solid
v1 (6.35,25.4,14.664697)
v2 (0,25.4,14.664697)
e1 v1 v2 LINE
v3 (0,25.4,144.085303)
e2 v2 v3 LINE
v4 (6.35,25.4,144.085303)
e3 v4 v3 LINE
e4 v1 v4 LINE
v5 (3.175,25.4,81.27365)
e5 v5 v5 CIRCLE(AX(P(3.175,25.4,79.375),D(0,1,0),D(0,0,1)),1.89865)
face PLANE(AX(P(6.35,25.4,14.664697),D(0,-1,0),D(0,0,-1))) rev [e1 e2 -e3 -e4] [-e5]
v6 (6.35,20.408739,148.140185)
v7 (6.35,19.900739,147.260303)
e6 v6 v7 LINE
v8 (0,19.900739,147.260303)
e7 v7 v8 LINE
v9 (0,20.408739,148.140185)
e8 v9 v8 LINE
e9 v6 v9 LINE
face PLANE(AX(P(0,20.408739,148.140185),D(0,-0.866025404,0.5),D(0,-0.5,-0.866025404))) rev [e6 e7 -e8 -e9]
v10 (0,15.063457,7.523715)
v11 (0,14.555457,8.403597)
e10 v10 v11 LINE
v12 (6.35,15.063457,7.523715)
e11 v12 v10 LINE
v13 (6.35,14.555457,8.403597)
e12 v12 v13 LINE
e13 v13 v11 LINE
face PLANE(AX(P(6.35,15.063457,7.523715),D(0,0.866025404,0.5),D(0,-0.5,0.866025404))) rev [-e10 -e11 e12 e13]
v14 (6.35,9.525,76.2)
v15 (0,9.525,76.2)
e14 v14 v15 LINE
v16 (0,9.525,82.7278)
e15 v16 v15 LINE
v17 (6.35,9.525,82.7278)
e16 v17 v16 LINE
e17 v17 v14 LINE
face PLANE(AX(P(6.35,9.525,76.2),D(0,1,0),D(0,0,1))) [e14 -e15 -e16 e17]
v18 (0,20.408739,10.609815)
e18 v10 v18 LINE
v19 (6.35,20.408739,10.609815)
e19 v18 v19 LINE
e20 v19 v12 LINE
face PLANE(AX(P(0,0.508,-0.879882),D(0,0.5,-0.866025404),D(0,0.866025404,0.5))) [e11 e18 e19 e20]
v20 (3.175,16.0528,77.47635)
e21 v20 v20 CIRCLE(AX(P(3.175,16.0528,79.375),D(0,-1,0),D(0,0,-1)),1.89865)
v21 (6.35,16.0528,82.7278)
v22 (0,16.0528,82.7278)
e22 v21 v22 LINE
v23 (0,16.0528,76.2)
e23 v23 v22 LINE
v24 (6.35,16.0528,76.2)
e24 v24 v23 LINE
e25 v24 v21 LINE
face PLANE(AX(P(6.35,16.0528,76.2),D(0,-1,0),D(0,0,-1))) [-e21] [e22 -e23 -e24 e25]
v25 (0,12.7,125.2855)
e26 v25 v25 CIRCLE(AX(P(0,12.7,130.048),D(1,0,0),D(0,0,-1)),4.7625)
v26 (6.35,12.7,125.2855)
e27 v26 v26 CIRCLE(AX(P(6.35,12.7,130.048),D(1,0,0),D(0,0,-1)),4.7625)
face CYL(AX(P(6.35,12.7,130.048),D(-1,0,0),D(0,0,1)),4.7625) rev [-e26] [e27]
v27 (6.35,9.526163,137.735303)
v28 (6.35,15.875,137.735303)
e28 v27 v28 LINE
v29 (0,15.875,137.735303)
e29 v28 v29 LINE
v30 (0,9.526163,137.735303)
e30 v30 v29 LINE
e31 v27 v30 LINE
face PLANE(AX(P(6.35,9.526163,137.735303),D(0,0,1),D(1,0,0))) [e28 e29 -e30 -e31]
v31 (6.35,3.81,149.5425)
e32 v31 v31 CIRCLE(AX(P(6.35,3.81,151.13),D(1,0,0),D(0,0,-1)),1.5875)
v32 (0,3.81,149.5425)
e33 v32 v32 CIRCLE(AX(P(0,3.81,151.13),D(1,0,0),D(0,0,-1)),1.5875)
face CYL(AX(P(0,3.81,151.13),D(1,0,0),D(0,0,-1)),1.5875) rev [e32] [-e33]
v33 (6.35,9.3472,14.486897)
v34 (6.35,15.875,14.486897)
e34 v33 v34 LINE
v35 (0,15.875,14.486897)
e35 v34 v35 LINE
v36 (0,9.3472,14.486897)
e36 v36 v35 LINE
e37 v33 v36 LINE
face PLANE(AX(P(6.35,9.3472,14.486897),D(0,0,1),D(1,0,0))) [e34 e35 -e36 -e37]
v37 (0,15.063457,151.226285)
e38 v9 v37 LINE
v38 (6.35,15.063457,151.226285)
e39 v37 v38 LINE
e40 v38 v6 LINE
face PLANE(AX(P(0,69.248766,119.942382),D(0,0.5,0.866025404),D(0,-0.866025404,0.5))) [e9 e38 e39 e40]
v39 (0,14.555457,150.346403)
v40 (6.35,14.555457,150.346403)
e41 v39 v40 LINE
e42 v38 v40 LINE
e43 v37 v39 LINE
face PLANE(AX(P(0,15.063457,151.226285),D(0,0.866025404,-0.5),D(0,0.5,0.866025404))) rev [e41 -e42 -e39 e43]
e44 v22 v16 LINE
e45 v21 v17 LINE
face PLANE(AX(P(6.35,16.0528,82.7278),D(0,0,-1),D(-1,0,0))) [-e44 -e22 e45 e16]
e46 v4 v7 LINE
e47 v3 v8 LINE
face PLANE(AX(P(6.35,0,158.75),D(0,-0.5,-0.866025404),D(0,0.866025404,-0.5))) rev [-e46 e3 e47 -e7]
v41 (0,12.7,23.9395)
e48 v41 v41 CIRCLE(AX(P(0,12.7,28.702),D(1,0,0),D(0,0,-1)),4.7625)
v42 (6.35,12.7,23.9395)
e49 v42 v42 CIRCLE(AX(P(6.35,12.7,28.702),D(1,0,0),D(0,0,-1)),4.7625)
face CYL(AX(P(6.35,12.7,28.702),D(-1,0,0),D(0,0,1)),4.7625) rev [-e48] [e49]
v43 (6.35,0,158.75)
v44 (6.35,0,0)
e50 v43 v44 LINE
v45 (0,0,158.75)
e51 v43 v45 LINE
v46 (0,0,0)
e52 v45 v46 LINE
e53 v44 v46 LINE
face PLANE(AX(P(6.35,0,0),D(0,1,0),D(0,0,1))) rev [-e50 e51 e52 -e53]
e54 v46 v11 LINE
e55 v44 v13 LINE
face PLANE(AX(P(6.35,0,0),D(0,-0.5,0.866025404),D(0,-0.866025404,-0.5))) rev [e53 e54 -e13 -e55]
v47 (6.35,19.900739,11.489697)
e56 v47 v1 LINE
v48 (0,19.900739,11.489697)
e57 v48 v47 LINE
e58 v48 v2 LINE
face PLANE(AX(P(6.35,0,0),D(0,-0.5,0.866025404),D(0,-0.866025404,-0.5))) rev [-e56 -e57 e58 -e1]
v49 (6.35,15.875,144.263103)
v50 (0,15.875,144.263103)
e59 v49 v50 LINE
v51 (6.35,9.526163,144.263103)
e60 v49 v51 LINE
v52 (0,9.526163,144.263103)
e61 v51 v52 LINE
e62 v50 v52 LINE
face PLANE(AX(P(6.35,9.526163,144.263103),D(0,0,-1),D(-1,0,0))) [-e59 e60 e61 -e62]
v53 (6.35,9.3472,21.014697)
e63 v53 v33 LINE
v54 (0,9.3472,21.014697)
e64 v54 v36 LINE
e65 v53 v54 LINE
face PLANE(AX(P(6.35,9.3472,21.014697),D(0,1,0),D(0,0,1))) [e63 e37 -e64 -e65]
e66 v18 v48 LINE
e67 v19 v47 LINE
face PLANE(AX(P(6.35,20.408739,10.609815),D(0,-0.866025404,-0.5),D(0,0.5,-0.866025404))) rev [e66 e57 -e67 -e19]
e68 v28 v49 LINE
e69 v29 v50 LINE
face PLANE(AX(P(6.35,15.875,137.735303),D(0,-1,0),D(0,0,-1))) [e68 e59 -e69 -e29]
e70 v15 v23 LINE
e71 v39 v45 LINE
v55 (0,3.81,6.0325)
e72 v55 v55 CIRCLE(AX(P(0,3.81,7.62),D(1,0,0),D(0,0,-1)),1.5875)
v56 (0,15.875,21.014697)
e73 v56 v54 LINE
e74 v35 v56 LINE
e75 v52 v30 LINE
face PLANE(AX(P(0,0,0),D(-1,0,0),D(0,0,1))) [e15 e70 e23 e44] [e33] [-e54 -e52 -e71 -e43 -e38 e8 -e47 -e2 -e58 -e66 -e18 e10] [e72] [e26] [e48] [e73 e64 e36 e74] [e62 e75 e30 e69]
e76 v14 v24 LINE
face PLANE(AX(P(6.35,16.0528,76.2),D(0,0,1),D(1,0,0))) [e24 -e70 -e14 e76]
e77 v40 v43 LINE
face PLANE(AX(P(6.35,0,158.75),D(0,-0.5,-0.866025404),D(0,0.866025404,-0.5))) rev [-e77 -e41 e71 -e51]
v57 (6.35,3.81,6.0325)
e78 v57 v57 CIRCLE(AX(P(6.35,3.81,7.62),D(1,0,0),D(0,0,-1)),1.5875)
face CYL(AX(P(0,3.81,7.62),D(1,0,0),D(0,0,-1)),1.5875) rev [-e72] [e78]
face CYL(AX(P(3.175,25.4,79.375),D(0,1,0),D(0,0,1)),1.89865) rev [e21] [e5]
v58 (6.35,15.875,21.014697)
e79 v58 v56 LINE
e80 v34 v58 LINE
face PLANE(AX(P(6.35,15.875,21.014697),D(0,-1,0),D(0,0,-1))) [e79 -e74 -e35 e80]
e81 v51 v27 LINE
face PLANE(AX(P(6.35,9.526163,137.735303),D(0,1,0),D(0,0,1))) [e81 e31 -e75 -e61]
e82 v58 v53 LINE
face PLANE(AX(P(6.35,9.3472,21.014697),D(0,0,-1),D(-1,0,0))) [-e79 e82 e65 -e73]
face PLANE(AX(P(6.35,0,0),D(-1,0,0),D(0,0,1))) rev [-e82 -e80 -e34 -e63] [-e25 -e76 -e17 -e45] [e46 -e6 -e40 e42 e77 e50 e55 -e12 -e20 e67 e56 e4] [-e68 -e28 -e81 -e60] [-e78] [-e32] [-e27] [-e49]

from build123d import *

# Parameters (mm, degrees)
SKETCH1_R                 = 4.7625
SKETCH1_W                 = 6.5278
SKETCH1_H                 = 6.5278
SKETCH1_H_2               = 6.348837221
BOSS_EXTRUDE1_DEPTH       = 6.35
F_6_CLEARANCE_HOLE1_D     = 3.7973
F_6_CLEARANCE_HOLE1_DEPTH = 12.7
F_6_CLEARANCE_HOLE1_TIP   = 1.140824014
SKETCH7_W                 = 6.35
SKETCH7_H                 = 6.1722
BOSS_EXTRUDE2_DEPTH       = 1.016
SKETCH8_W                 = 6.35
SKETCH8_H                 = 6.1722
BOSS_EXTRUDE3_DEPTH       = 1.016
SKETCH9_R                 = 1.5875
CUT_EXTRUDE1_DEPTH        = 161.894515133


with BuildPart() as part:
    # Sketch1 → Boss-Extrude1 (new body)
    with BuildSketch(Plane(origin=(0, 0, 0), x_dir=(0, 0, -1), z_dir=(1, 0, 0))):
        Polygon((0, 0), (-14.664696837, 25.4), (-144.085303163, 25.4), (-158.75, 0), align=None)
        with Locations((-130.048, 12.7)):
            Circle(SKETCH1_R, mode=Mode.SUBTRACT)
        with Locations((-28.702, 12.7)):
            Circle(SKETCH1_R, mode=Mode.SUBTRACT)
        with Locations((-17.750796837, 12.6111)):
            Rectangle(SKETCH1_W, SKETCH1_H, mode=Mode.SUBTRACT)
        with Locations((-140.999203163, 12.70058139)):
            Rectangle(SKETCH1_W, SKETCH1_H_2, mode=Mode.SUBTRACT)
        with Locations((-79.4639, 12.7889)):
            Rectangle(SKETCH1_W, SKETCH1_H, mode=Mode.SUBTRACT)
    extrude(amount=BOSS_EXTRUDE1_DEPTH)

    # #6 Clearance Hole1
    with Locations(Plane(origin=(0, 25.4, 0), x_dir=(1, 0, 0), z_dir=(0, 1, 0))):
        with Locations((3.175, -79.375)):
            Hole(F_6_CLEARANCE_HOLE1_D / 2, depth=F_6_CLEARANCE_HOLE1_DEPTH)
            with Locations((0, 0, -(F_6_CLEARANCE_HOLE1_DEPTH + F_6_CLEARANCE_HOLE1_TIP / 2))):  # 118° drill point
                Cone(0, F_6_CLEARANCE_HOLE1_D / 2, F_6_CLEARANCE_HOLE1_TIP, mode=Mode.SUBTRACT)

    # Sketch7 → Boss-Extrude2 (add)
    with BuildSketch(Plane(origin=(0, 0, 0), x_dir=(-1, 0, 0), z_dir=(0, 0.499999999999998, -0.8660254037844397))):
        with Locations((-3.175, 19.893293675)):
            Rectangle(SKETCH7_W, SKETCH7_H)
    extrude(amount=BOSS_EXTRUDE2_DEPTH)

    # Sketch8 → Boss-Extrude3 (add)
    with BuildSketch(Plane(origin=(0, 68.740766425, 119.0625), x_dir=(1, 0, 0), z_dir=(0, 0.500000000000004, 0.8660254037844365))):
        with Locations((3.175, -59.481706325)):
            Rectangle(SKETCH8_W, SKETCH8_H)
    extrude(amount=BOSS_EXTRUDE3_DEPTH)

    # Sketch9 → Cut-Extrude1 (cut, through all)
    with BuildSketch(Plane(origin=(6.35, 0, 0), x_dir=(0, 0, -1), z_dir=(1, 0, 0))):
        with Locations((-151.13, 3.81)):
            Circle(SKETCH9_R)
        with Locations((-7.62, 3.81)):
            Circle(SKETCH9_R)
    extrude(amount=-CUT_EXTRUDE1_DEPTH, mode=Mode.SUBTRACT)


solid = part.part
